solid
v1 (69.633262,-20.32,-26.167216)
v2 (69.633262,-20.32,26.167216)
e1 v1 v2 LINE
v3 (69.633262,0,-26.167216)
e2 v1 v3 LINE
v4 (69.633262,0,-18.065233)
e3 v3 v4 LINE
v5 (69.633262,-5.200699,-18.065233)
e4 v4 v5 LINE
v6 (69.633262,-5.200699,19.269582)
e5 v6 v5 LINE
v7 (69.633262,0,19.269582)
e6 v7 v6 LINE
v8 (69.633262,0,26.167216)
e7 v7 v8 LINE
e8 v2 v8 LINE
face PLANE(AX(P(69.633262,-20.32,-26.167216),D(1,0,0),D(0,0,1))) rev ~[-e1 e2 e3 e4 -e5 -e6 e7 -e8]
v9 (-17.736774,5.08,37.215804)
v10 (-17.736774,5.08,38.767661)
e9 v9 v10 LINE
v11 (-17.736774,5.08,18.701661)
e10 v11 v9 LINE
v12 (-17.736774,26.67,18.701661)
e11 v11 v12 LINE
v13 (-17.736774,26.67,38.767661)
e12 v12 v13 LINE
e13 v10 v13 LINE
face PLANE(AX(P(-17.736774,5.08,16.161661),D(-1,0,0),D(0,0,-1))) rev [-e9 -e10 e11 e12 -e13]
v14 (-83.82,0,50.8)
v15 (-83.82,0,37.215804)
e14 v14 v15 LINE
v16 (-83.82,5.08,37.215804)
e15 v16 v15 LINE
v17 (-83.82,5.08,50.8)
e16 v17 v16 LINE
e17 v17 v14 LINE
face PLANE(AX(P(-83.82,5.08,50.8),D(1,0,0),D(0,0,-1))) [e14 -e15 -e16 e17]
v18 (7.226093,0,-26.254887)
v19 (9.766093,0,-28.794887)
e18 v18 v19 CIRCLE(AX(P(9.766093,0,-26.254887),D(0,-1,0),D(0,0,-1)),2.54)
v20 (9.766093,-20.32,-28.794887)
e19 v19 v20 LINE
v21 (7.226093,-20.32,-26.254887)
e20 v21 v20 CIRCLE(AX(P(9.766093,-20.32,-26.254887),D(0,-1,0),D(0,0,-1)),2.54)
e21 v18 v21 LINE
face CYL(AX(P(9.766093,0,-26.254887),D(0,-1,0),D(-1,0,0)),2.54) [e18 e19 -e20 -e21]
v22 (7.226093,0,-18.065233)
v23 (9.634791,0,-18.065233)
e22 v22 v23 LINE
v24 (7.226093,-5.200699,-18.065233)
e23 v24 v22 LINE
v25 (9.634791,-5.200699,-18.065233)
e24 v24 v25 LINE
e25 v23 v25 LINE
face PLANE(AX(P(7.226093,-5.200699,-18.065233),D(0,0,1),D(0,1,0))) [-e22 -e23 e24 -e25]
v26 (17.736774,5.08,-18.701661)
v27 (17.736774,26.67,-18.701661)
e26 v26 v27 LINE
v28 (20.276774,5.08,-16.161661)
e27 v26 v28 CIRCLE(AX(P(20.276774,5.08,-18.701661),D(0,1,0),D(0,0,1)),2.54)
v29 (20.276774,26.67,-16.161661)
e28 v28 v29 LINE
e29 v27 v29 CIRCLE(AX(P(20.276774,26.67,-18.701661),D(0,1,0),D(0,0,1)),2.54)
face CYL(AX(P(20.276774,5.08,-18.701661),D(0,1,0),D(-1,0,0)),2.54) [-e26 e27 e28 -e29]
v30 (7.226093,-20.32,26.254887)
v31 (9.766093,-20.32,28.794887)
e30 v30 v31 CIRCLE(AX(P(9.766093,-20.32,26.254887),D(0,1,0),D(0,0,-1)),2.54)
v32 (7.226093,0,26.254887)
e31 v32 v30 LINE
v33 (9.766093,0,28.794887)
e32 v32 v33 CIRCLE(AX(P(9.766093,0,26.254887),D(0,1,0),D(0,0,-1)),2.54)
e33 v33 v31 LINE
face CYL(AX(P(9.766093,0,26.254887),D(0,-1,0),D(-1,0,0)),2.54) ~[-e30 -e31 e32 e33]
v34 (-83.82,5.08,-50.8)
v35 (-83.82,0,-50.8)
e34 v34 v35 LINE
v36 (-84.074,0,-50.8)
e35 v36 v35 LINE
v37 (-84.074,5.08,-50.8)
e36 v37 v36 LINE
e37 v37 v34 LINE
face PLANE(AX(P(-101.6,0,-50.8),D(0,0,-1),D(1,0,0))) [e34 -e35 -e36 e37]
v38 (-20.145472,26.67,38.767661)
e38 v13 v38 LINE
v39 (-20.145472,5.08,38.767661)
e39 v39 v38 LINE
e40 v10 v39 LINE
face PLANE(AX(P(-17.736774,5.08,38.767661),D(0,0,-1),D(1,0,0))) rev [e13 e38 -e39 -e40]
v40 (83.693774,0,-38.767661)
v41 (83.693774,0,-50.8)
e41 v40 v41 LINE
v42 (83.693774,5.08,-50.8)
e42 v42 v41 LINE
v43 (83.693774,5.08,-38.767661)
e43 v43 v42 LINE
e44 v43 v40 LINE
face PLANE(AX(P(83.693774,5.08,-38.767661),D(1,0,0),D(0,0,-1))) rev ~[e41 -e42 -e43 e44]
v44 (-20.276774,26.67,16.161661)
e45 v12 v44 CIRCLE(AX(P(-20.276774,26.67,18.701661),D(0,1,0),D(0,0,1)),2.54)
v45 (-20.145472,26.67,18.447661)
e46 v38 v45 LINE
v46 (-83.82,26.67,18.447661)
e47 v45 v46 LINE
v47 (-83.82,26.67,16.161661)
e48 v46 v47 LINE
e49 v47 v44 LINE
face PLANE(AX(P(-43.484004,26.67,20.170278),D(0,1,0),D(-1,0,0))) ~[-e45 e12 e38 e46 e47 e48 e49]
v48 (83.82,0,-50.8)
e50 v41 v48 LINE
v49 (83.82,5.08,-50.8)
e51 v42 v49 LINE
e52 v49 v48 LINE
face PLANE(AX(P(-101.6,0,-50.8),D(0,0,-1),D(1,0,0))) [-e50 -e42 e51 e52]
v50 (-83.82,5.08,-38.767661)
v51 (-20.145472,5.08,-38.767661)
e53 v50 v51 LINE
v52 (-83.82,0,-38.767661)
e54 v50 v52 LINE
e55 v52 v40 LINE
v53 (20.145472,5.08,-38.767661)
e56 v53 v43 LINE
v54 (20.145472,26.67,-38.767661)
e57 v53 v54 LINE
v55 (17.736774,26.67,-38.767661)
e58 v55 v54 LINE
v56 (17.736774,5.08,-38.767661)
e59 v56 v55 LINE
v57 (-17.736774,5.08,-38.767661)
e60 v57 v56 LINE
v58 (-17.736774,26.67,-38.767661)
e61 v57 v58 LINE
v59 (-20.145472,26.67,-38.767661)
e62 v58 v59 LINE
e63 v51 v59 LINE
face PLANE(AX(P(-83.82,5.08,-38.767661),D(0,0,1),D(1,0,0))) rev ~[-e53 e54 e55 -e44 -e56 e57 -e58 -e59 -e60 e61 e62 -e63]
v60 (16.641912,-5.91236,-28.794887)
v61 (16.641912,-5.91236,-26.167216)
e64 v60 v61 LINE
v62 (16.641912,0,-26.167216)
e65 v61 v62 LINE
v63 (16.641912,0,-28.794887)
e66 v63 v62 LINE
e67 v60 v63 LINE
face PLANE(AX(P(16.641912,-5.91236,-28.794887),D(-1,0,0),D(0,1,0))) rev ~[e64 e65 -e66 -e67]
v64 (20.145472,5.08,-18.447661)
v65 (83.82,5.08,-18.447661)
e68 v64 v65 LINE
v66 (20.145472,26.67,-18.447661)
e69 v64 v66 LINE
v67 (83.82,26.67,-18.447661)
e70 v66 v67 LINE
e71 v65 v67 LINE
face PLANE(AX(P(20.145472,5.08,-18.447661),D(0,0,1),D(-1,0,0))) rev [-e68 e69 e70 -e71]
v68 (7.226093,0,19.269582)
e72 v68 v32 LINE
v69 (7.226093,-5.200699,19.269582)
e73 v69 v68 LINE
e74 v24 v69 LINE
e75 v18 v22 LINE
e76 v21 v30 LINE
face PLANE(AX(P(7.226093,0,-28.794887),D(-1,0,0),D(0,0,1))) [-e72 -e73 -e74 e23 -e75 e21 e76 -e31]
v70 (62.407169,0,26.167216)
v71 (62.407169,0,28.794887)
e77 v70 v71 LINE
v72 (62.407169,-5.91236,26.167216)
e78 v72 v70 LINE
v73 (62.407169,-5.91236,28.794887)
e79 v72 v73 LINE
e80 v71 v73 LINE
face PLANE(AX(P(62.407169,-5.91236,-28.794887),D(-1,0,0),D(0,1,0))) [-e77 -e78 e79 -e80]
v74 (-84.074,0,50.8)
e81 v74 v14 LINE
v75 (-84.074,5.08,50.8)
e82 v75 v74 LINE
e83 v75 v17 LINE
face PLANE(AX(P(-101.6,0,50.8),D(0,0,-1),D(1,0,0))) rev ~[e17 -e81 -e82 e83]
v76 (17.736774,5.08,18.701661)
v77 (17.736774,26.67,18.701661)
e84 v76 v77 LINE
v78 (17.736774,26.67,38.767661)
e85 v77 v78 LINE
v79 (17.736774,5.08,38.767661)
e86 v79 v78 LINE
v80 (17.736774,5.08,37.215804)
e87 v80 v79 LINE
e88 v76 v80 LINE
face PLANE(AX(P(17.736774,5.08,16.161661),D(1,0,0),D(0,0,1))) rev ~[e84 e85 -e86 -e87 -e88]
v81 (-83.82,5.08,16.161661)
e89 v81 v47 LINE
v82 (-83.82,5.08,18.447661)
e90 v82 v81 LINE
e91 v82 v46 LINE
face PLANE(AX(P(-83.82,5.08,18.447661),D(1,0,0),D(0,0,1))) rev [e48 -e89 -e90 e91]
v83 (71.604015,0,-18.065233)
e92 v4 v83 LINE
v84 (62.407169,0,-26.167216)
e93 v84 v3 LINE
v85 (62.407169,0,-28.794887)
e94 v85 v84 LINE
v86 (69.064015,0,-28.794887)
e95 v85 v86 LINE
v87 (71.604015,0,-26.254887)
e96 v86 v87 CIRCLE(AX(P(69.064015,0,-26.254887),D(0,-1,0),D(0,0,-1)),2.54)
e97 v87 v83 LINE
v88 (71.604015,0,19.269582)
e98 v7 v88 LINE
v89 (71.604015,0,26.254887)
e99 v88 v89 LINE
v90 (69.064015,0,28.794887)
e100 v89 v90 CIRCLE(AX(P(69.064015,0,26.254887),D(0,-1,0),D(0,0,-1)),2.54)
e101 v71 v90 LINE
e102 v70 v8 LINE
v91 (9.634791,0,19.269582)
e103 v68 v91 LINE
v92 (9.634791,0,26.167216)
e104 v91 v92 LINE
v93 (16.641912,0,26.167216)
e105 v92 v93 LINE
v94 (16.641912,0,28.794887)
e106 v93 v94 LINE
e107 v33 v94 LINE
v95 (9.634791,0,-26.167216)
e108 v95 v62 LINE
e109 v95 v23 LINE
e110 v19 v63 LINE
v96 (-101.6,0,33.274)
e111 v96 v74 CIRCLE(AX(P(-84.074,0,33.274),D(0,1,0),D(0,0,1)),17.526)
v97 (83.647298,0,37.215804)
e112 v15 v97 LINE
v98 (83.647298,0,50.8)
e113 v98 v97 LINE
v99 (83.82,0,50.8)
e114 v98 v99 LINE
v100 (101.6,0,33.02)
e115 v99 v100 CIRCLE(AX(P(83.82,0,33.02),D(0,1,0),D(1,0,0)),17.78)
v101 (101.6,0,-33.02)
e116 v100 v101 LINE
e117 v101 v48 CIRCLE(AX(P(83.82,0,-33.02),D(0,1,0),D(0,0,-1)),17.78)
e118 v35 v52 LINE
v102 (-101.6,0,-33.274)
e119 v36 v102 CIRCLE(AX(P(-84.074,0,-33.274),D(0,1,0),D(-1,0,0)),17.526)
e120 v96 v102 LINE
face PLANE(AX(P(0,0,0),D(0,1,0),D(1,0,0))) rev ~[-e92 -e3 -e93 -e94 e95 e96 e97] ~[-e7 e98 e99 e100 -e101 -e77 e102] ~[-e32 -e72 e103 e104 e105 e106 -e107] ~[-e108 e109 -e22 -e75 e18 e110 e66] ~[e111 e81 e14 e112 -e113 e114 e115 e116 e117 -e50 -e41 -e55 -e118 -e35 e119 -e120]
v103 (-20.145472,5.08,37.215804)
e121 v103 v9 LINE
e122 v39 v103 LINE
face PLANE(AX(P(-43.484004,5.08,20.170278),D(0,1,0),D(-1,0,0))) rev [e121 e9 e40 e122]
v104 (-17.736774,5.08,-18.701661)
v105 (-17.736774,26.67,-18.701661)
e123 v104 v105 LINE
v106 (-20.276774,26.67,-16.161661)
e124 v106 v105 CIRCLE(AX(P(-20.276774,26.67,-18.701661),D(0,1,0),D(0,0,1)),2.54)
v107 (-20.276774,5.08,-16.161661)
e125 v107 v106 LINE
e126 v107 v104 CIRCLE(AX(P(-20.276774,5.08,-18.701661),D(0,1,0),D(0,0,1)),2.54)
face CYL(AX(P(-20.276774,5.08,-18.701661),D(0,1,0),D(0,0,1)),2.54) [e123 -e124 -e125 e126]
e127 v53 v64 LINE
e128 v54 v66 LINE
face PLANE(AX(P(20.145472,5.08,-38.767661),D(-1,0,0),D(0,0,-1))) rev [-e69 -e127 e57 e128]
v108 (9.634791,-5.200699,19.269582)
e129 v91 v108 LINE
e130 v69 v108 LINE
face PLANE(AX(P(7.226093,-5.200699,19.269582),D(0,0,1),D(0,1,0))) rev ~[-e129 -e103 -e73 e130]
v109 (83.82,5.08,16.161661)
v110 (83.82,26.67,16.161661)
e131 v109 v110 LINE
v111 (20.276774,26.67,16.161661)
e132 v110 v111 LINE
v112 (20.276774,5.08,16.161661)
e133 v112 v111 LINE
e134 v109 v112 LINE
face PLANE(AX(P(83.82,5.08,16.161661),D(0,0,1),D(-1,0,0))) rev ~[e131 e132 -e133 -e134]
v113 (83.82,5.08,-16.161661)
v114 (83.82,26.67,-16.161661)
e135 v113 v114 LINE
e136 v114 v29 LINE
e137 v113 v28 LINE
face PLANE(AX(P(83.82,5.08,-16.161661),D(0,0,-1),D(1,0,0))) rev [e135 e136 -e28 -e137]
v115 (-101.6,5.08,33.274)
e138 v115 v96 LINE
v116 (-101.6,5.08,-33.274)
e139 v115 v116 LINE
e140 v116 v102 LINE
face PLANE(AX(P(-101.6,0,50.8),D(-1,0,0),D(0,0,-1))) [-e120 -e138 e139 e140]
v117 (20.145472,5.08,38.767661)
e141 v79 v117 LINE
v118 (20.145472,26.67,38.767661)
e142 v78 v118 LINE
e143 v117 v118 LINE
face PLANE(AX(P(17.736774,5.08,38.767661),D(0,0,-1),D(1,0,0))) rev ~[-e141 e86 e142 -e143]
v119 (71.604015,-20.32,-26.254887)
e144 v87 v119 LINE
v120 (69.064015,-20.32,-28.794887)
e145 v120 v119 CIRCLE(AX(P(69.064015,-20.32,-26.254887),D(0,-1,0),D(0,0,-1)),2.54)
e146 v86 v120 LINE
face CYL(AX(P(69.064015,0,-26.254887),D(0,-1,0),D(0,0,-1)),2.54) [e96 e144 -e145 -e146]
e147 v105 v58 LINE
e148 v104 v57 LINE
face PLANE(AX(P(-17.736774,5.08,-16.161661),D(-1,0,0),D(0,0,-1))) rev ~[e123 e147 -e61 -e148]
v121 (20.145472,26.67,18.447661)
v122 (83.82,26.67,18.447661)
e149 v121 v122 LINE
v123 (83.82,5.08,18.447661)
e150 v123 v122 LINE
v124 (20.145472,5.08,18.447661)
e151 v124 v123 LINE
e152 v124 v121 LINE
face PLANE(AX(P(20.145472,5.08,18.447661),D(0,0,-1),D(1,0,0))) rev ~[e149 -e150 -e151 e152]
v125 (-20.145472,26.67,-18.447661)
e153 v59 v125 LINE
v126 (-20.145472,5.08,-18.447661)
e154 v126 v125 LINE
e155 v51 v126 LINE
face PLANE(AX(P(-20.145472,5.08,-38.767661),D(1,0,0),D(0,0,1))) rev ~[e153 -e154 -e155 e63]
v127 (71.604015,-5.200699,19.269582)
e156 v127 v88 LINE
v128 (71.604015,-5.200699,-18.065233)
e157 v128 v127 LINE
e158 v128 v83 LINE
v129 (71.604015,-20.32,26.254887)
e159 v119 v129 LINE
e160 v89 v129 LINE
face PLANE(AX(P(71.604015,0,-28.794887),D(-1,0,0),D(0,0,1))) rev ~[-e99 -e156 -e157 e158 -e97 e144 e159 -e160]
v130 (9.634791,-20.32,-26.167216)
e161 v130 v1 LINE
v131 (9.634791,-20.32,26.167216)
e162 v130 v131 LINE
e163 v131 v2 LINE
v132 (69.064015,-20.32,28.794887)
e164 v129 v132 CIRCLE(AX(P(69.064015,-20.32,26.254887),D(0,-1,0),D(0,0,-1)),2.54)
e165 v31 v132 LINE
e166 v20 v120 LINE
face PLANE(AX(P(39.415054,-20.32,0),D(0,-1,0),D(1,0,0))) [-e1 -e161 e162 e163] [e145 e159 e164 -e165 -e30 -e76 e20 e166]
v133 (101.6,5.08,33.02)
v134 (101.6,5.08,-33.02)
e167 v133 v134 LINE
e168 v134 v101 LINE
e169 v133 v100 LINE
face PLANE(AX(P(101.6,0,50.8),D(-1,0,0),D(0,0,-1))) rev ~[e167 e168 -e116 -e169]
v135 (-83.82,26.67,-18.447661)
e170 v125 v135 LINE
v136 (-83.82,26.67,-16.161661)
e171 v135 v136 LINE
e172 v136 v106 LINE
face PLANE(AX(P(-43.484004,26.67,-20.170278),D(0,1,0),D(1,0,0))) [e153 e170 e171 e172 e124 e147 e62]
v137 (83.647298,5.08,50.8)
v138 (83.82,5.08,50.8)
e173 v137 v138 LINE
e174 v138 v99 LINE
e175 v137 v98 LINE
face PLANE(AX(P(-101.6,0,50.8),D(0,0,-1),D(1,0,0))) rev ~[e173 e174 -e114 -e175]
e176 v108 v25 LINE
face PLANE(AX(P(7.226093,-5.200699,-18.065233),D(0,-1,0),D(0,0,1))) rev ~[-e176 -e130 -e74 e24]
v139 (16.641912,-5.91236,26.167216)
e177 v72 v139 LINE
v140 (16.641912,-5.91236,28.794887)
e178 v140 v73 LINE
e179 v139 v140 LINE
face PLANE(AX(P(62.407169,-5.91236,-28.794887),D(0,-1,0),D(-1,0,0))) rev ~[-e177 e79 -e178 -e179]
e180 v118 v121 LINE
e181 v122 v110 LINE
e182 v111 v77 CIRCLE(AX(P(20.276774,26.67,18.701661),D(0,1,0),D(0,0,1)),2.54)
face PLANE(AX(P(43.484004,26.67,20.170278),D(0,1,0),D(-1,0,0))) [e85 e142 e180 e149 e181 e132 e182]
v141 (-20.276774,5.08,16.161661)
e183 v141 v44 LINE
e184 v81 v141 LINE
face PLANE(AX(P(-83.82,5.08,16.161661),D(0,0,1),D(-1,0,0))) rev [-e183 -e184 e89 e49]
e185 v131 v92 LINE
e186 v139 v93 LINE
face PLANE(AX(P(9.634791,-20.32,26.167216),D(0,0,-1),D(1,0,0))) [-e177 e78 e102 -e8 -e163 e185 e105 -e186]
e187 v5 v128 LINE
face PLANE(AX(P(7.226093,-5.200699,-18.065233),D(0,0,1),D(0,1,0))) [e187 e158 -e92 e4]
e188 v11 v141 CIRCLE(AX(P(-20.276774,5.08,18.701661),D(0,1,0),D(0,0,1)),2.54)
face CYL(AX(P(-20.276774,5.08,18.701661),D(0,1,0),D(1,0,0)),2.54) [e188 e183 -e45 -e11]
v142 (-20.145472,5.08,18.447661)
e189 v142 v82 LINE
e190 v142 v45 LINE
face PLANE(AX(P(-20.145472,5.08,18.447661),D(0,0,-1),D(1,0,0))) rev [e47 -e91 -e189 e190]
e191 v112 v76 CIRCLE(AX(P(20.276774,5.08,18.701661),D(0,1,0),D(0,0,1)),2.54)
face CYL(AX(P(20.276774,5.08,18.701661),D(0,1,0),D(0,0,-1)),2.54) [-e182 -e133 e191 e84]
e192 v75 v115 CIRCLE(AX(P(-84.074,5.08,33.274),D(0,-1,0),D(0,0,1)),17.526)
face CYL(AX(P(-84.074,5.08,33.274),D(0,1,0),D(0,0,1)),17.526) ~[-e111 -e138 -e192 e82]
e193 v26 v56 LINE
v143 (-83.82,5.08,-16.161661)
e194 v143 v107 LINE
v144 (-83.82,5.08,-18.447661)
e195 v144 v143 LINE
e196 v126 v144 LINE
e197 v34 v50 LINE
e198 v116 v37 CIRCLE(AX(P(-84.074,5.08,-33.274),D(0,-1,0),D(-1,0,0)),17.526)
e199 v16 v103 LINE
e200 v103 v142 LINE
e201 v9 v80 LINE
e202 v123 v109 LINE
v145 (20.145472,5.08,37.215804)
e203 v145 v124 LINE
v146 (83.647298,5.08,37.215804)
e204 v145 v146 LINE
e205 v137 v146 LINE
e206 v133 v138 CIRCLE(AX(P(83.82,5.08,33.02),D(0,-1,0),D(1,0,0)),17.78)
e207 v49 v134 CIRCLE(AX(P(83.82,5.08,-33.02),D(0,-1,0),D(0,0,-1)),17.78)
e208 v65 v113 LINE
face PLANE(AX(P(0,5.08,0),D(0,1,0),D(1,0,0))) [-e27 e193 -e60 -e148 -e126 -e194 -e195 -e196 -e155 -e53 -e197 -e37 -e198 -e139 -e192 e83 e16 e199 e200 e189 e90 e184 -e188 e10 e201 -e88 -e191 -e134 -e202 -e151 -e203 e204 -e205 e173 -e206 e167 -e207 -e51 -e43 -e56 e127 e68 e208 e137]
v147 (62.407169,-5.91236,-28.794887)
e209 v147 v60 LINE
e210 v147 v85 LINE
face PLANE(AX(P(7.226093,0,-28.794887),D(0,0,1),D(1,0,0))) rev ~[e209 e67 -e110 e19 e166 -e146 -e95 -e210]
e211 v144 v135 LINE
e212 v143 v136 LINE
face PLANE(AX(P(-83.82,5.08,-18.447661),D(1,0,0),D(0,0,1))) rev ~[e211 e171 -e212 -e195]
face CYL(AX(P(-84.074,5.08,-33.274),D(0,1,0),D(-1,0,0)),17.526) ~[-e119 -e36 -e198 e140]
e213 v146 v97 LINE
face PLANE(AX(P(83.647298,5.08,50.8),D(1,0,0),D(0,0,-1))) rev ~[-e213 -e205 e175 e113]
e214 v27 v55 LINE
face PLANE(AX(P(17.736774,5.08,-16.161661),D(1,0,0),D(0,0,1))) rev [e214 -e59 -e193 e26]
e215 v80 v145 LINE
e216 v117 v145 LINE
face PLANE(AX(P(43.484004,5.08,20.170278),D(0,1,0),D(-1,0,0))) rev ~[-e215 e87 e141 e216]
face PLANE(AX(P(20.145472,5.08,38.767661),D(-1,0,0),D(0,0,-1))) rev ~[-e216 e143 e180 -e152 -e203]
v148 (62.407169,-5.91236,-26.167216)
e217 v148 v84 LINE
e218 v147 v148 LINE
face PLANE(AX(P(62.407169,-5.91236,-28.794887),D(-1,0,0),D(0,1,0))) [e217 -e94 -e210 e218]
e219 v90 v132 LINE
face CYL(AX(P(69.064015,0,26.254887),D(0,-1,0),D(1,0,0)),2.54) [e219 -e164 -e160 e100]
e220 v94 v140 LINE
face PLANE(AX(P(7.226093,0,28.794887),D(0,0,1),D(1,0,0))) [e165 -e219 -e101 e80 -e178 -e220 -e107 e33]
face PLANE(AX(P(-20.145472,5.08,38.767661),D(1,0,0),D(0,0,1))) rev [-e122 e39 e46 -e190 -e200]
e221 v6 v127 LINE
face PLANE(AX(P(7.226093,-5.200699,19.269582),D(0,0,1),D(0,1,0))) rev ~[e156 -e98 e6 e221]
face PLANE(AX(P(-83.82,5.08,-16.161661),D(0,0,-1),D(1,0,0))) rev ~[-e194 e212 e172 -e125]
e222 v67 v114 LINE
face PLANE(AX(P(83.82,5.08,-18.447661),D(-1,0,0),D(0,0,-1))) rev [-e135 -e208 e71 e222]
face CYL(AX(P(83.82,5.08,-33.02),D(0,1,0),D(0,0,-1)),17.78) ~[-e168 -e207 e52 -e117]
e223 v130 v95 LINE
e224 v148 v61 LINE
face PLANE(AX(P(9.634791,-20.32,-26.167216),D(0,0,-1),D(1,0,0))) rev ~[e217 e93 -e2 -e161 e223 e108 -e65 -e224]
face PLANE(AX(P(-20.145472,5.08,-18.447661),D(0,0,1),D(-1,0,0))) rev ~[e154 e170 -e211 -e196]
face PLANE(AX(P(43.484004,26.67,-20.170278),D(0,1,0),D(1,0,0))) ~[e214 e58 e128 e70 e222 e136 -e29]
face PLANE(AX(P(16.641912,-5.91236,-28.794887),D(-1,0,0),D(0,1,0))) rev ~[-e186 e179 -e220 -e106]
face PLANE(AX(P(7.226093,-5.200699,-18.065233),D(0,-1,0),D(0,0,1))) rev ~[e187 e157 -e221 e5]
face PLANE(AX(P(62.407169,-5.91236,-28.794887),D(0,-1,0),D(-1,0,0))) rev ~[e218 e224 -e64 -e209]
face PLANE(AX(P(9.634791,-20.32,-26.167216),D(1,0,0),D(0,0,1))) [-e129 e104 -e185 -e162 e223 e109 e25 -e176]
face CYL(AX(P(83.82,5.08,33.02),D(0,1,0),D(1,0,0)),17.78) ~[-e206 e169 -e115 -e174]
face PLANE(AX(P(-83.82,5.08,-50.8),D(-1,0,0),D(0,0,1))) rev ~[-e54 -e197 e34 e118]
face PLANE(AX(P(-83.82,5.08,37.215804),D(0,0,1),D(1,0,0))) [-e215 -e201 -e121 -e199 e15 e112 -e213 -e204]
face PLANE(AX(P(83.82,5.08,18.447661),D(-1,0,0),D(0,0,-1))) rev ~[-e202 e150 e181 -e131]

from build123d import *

# Parameters (mm, degrees)
SKETCH1_W            = 203.2
SKETCH1_H            = 101.6
BOSS_EXTRUDE1_DEPTH  = 5.08
SKETCH2_W            = 167.467297736
SKETCH2_H            = 13.584196144
CUT_EXTRUDE4_DEPTH   = 114.705788771
BOSS_EXTRUDE2_DEPTH  = 21.59
FILLET1_R            = 2.54
FILLET2_R            = 2.54
MIRROR3_COPY_1_DEPTH = 21.59
FILLET3_R            = 2.54
SKETCH5_W            = 64.377921573
SKETCH5_H            = 57.58977338
BOSS_EXTRUDE4_DEPTH  = 20.32
SKETCH6_W            = 59.998471125
SKETCH6_H            = 52.334432844
CUT_EXTRUDE5_DEPTH   = 20.32
SKETCH7_W            = 37.334815061
SKETCH7_H            = 5.20069898
CUT_EXTRUDE6_DEPTH   = 124.024580753
SKETCH8_W            = 45.765257173
SKETCH8_H            = 5.912359678
CUT_EXTRUDE7_DEPTH   = 132.792241377
FILLET4_R            = 2.54


with BuildPart() as part:
    # Sketch1 → Boss-Extrude1 (new body)
    with BuildSketch(Plane(origin=(0, 0, 0), x_dir=(1, 0, 0), z_dir=(0, 1, 0))):
        Rectangle(SKETCH1_W, SKETCH1_H)
    extrude(amount=BOSS_EXTRUDE1_DEPTH)

    # Sketch2 → Cut-Extrude4 (cut, through all)
    with BuildSketch(Plane(origin=(0, 5.08, 0), x_dir=(1, 0, 0), z_dir=(0, 1, 0))):
        Polygon((83.693773799, 50.8), (-83.82, 50.8), (-83.82, 50.443396551), (-83.82, 38.767661401), (83.693773799, 38.767661401), (83.693773799, 50.443396551), align=None)
        with BuildLine():
            Line((101.6, 50.8), (83.82, 50.8))
            ThreePointArc((83.82, 50.8), (96.392358569, 45.592358569), (101.6, 33.02))
            Line((101.6, 33.02), (101.6, 50.8))
        make_face()
        with BuildLine():
            Line((101.6, -50.8), (101.6, -33.02))
            ThreePointArc((101.6, -33.02), (96.392358569, -45.592358569), (83.82, -50.8))
            Line((83.82, -50.8), (101.6, -50.8))
        make_face()
        with BuildLine():
            ThreePointArc((-84.074, -50.8), (-96.466753447, -45.666753447), (-101.6, -33.274))
            Line((-101.6, -33.274), (-101.6, -50.8))
            Line((-101.6, -50.8), (-84.074, -50.8))
        make_face()
        with BuildLine():
            ThreePointArc((-101.6, 33.274), (-96.466753447, 45.666753447), (-84.074, 50.8))
            Line((-84.074, 50.8), (-101.6, 50.8))
            Line((-101.6, 50.8), (-101.6, 33.274))
        make_face()
        with Locations((-0.086351132, -44.007901928)):
            Rectangle(SKETCH2_W, SKETCH2_H)
    extrude(amount=-CUT_EXTRUDE4_DEPTH, mode=Mode.SUBTRACT)

    # Sketch4 → Boss-Extrude2 (add)
    with BuildSketch(Plane(origin=(0, 5.08, 0), x_dir=(1, 0, 0), z_dir=(0, 1, 0))):
        Polygon((-83.82, 16.161661401), (-17.736774311, 16.161661401), (-17.736774311, 38.767661401), (-20.145472057, 38.767661401), (-20.145472057, 18.447661401), (-83.82, 18.447661401), align=None)
    boss_extrude2 = extrude(amount=BOSS_EXTRUDE2_DEPTH)

    # Fillet1
    fillet1_edges = [part.edges().sort_by_distance(p)[0] for p in [
        (-17.736774311, 15.875, -16.161661401),
    ]]
    fillet(fillet1_edges, radius=FILLET1_R)

    # Mirror1: Boss-Extrude2 across plane
    add(boss_extrude2.mirror(Plane(origin=(0, 0, 0), x_dir=(0, 0, 1), z_dir=(1, 0, 0))))

    # Fillet2
    fillet2_edges = [part.edges().sort_by_distance(p)[0] for p in [
        (17.736774311, 15.875, -16.161661401),
    ]]
    fillet(fillet2_edges, radius=FILLET2_R)

    # Mirror3: Boss-Extrude2 across plane
    add(boss_extrude2.mirror(Plane.XY))

    # Mirror3 copy 1 sketch → Mirror3 copy 1 (add)
    with BuildSketch(Plane(origin=(0, 5.08, 0), x_dir=(-1, 0, 0), z_dir=(0, 1, 0))):
        Polygon((-83.82, 16.161661401), (-17.736774311, 16.161661401), (-17.736774311, 38.767661401), (-20.145472057, 38.767661401), (-20.145472057, 18.447661401), (-83.82, 18.447661401), align=None)
    extrude(amount=MIRROR3_COPY_1_DEPTH)

    # Fillet3
    fillet3_edges = [part.edges().sort_by_distance(p)[0] for p in [
        (-17.736774311, 15.875, 16.161661401),
        (17.736774311, 15.875, 16.161661401),
    ]]
    fillet(fillet3_edges, radius=FILLET3_R)

    # Sketch5 → Boss-Extrude4 (add)
    with BuildSketch(Plane.XZ):
        with Locations((39.415054025, 0)):
            Rectangle(SKETCH5_W, SKETCH5_H)
    extrude(amount=BOSS_EXTRUDE4_DEPTH)

    # Sketch6 → Cut-Extrude5 (cut)
    with BuildSketch(Plane.XZ.offset(20.32)):
        with Locations((39.634026547, 0)):
            Rectangle(SKETCH6_W, SKETCH6_H)
    extrude(amount=-CUT_EXTRUDE5_DEPTH, mode=Mode.SUBTRACT)

    # Sketch7 → Cut-Extrude6 (cut, through all)
    with BuildSketch(Plane.ZY.offset(-7.226093238)):
        with Locations((0.602174437, -2.60034949)):
            Rectangle(SKETCH7_W, SKETCH7_H)
    extrude(amount=-CUT_EXTRUDE6_DEPTH, mode=Mode.SUBTRACT)

    # Sketch8 → Cut-Extrude7 (cut, through all)
    with BuildSketch(Plane(origin=(0, 0, -28.79488669), x_dir=(-1, 0, 0), z_dir=(0, 0, -1))):
        with Locations((-39.524540286, -2.956179839)):
            Rectangle(SKETCH8_W, SKETCH8_H)
    extrude(amount=-CUT_EXTRUDE7_DEPTH, mode=Mode.SUBTRACT)

    # Fillet4
    fillet4_edges = [part.edges().sort_by_distance(p)[0] for p in [
        (7.226093238, -10.16, 28.79488669),
        (7.226093238, -10.16, -28.79488669),
        (71.604014811, -10.16, -28.79488669),
        (71.604014811, -10.16, 28.79488669),
    ]]
    fillet(fillet4_edges, radius=FILLET4_R)


solid = part.part
